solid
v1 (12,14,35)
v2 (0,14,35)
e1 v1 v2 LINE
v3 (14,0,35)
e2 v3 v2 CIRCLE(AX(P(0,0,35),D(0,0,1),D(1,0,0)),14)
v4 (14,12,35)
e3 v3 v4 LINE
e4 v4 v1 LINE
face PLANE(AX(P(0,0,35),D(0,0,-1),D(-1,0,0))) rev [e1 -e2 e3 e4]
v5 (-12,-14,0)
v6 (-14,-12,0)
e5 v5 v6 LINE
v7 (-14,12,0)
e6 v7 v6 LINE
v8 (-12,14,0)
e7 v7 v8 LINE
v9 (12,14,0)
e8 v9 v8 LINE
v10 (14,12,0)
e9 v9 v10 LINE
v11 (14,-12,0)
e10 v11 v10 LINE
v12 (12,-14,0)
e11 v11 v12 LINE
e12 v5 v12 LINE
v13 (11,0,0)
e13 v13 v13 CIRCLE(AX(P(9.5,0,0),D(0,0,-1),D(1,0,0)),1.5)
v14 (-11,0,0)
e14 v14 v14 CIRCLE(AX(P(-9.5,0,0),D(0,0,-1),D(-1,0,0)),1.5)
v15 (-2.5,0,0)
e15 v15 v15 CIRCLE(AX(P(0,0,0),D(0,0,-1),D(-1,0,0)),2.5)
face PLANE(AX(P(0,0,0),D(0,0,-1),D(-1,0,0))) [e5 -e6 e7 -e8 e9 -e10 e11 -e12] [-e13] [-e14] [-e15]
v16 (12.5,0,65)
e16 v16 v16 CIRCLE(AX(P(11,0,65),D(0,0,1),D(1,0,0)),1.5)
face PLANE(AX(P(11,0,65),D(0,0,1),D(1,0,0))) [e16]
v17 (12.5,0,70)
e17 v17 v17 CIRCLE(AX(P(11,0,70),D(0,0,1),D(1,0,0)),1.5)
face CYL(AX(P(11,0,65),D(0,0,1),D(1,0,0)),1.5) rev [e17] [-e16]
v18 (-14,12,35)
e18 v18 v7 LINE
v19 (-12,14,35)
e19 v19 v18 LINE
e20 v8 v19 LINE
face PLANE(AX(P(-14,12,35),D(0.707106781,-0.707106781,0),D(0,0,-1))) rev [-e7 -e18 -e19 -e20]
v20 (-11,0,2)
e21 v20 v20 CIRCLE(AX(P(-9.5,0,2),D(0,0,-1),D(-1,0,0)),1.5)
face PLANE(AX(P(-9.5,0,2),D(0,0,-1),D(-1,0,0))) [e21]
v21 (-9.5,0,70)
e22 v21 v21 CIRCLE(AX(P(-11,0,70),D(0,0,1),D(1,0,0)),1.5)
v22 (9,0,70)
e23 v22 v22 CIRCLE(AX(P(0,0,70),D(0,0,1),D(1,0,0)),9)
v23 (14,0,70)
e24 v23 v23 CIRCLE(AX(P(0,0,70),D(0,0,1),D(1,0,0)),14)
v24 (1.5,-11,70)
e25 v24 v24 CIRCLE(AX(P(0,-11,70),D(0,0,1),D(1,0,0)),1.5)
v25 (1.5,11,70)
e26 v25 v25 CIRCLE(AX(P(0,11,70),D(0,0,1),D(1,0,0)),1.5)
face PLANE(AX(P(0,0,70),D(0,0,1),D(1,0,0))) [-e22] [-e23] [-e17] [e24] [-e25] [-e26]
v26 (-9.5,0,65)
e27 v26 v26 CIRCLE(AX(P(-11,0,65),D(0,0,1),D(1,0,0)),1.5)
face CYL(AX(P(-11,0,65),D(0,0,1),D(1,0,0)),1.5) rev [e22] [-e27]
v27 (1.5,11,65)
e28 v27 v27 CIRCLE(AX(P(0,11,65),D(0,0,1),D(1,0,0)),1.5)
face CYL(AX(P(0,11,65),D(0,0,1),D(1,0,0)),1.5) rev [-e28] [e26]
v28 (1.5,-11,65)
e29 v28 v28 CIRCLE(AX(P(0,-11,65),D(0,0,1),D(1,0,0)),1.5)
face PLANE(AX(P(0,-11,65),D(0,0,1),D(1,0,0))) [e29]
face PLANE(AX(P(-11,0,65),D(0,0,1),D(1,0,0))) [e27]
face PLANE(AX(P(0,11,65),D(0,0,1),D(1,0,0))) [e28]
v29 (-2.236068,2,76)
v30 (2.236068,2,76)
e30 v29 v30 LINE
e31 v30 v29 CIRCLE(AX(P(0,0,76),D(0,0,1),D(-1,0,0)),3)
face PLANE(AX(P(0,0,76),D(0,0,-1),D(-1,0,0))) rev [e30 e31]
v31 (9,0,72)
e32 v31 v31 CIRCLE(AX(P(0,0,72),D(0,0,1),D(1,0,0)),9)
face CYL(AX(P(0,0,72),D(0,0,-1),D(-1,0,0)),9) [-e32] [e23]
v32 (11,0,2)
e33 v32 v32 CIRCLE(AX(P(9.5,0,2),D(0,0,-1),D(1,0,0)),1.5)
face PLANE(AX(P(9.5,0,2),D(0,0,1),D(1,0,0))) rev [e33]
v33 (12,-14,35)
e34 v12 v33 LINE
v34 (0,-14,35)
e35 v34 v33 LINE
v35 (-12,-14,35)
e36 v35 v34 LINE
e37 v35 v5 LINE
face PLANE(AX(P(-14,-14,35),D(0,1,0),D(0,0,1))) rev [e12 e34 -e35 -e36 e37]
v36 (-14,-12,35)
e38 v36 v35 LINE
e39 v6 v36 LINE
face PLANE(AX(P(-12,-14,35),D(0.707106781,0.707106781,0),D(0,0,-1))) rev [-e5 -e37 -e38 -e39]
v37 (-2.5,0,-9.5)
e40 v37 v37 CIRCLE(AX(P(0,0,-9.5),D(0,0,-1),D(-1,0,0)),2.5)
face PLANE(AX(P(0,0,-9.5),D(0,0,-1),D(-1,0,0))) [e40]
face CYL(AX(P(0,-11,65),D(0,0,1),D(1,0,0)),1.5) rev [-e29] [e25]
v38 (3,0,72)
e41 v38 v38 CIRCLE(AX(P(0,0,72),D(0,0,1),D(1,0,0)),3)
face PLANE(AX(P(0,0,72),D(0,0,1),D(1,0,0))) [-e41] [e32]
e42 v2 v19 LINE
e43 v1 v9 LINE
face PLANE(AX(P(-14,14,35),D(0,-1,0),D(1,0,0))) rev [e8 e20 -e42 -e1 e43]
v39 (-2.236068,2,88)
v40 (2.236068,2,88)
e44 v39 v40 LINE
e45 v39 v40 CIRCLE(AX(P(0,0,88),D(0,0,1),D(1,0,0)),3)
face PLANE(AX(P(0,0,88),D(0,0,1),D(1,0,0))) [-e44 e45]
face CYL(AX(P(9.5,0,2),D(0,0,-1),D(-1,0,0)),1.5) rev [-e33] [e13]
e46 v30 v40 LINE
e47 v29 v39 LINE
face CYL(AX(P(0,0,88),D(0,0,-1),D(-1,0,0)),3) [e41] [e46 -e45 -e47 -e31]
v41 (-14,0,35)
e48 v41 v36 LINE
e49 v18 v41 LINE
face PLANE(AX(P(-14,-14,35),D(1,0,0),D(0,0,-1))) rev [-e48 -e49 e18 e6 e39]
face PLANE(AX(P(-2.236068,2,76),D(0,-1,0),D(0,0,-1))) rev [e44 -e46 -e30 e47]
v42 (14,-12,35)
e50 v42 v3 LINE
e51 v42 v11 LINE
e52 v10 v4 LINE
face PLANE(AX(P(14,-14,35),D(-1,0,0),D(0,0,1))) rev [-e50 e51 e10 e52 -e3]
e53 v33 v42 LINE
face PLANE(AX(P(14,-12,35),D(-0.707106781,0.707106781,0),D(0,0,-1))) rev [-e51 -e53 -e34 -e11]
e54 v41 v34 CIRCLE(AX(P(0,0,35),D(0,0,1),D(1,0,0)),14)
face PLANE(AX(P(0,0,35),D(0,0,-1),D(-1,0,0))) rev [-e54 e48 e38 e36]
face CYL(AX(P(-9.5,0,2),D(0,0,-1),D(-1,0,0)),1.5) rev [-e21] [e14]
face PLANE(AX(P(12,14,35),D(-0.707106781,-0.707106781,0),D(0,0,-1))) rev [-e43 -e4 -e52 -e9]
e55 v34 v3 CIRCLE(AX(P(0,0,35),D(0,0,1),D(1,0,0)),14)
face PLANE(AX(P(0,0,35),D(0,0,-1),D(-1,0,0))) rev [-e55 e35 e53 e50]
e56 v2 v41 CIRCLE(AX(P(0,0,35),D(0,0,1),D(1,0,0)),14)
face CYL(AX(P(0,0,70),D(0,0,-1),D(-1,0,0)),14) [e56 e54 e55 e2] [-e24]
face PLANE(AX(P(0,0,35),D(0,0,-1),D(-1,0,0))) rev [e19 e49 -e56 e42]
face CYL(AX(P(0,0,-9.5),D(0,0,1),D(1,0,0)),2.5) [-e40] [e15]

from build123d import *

# Parameters (mm, degrees)
SKETCH1_W           = 28
SKETCH1_H           = 28
BOSS_EXTRUDE1_DEPTH = 35
SKETCH2_R           = 14
BOSS_EXTRUDE2_DEPTH = 35
SKETCH3_R           = 9
BOSS_EXTRUDE3_DEPTH = 2
SKETCH4_R           = 3
BOSS_EXTRUDE4_DEPTH = 16
CUT_EXTRUDE1_START  = -12
CUT_EXTRUDE1_DEPTH  = 12
SKETCH6_R           = 1.5
CUT_EXTRUDE2_DEPTH  = 2
SKETCH7_R           = 2.5
BOSS_EXTRUDE5_DEPTH = 9.5
CHAMFER1_SIZE       = 2
SKETCH8_R           = 1.5
CUT_EXTRUDE3_DEPTH  = 5


with BuildPart() as part:
    # Sketch1 → Boss-Extrude1 (new body)
    with BuildSketch(Plane.XY):
        Rectangle(SKETCH1_W, SKETCH1_H)
    extrude(amount=BOSS_EXTRUDE1_DEPTH)

    # Sketch2 → Boss-Extrude2 (add)
    with BuildSketch(Plane.XY.offset(35)):
        Circle(SKETCH2_R)
    extrude(amount=BOSS_EXTRUDE2_DEPTH)

    # Sketch3 → Boss-Extrude3 (add)
    with BuildSketch(Plane.XY.offset(70)):
        Circle(SKETCH3_R)
    extrude(amount=BOSS_EXTRUDE3_DEPTH)

    # Sketch4 → Boss-Extrude4 (add)
    with BuildSketch(Plane.XY.offset(72)):
        Circle(SKETCH4_R)
    extrude(amount=BOSS_EXTRUDE4_DEPTH)

    # Sketch5 → Cut-Extrude1 (cut)
    with BuildSketch(Plane.XY.offset(88).offset(CUT_EXTRUDE1_START)):
        with BuildLine():
            Line((-2.236067977, 2), (2.236067977, 2))
            ThreePointArc((2.236067977, 2), (0, 3), (-2.236067977, 2))
        make_face()
    extrude(amount=CUT_EXTRUDE1_DEPTH, mode=Mode.SUBTRACT)

    # Sketch6 → Cut-Extrude2 (cut)
    with BuildSketch(Plane(origin=(0, 0, 0), x_dir=(-1, 0, 0), z_dir=(0, 0, -1))):
        with Locations((9.5, 0)):
            Circle(SKETCH6_R)
        with Locations(Location((-9.5, 0, 0), (0, 0, 180))):
            Circle(SKETCH6_R)
    extrude(amount=-CUT_EXTRUDE2_DEPTH, mode=Mode.SUBTRACT)

    # Sketch7 → Boss-Extrude5 (add)
    with BuildSketch(Plane(origin=(0, 0, 0), x_dir=(-1, 0, 0), z_dir=(0, 0, -1))):
        Circle(SKETCH7_R)
    extrude(amount=BOSS_EXTRUDE5_DEPTH)

    # Chamfer1
    chamfer1_edges = [part.edges().sort_by_distance(p)[0] for p in [
        (14, -14, 17.5),
        (-14, -14, 17.5),
        (-14, 14, 17.5),
        (14, 14, 17.5),
    ]]
    chamfer(chamfer1_edges, length=CHAMFER1_SIZE)

    # Sketch8 → Cut-Extrude3 (cut)
    with BuildSketch(Plane.XY.offset(70)):
        with Locations((0, 11)):
            Circle(SKETCH8_R)
        with Locations((11, 0)):
            Circle(SKETCH8_R)
        with Locations((0, -11)):
            Circle(SKETCH8_R)
        with Locations((-11, 0)):
            Circle(SKETCH8_R)
    extrude(amount=-CUT_EXTRUDE3_DEPTH, mode=Mode.SUBTRACT)


solid = part.part
